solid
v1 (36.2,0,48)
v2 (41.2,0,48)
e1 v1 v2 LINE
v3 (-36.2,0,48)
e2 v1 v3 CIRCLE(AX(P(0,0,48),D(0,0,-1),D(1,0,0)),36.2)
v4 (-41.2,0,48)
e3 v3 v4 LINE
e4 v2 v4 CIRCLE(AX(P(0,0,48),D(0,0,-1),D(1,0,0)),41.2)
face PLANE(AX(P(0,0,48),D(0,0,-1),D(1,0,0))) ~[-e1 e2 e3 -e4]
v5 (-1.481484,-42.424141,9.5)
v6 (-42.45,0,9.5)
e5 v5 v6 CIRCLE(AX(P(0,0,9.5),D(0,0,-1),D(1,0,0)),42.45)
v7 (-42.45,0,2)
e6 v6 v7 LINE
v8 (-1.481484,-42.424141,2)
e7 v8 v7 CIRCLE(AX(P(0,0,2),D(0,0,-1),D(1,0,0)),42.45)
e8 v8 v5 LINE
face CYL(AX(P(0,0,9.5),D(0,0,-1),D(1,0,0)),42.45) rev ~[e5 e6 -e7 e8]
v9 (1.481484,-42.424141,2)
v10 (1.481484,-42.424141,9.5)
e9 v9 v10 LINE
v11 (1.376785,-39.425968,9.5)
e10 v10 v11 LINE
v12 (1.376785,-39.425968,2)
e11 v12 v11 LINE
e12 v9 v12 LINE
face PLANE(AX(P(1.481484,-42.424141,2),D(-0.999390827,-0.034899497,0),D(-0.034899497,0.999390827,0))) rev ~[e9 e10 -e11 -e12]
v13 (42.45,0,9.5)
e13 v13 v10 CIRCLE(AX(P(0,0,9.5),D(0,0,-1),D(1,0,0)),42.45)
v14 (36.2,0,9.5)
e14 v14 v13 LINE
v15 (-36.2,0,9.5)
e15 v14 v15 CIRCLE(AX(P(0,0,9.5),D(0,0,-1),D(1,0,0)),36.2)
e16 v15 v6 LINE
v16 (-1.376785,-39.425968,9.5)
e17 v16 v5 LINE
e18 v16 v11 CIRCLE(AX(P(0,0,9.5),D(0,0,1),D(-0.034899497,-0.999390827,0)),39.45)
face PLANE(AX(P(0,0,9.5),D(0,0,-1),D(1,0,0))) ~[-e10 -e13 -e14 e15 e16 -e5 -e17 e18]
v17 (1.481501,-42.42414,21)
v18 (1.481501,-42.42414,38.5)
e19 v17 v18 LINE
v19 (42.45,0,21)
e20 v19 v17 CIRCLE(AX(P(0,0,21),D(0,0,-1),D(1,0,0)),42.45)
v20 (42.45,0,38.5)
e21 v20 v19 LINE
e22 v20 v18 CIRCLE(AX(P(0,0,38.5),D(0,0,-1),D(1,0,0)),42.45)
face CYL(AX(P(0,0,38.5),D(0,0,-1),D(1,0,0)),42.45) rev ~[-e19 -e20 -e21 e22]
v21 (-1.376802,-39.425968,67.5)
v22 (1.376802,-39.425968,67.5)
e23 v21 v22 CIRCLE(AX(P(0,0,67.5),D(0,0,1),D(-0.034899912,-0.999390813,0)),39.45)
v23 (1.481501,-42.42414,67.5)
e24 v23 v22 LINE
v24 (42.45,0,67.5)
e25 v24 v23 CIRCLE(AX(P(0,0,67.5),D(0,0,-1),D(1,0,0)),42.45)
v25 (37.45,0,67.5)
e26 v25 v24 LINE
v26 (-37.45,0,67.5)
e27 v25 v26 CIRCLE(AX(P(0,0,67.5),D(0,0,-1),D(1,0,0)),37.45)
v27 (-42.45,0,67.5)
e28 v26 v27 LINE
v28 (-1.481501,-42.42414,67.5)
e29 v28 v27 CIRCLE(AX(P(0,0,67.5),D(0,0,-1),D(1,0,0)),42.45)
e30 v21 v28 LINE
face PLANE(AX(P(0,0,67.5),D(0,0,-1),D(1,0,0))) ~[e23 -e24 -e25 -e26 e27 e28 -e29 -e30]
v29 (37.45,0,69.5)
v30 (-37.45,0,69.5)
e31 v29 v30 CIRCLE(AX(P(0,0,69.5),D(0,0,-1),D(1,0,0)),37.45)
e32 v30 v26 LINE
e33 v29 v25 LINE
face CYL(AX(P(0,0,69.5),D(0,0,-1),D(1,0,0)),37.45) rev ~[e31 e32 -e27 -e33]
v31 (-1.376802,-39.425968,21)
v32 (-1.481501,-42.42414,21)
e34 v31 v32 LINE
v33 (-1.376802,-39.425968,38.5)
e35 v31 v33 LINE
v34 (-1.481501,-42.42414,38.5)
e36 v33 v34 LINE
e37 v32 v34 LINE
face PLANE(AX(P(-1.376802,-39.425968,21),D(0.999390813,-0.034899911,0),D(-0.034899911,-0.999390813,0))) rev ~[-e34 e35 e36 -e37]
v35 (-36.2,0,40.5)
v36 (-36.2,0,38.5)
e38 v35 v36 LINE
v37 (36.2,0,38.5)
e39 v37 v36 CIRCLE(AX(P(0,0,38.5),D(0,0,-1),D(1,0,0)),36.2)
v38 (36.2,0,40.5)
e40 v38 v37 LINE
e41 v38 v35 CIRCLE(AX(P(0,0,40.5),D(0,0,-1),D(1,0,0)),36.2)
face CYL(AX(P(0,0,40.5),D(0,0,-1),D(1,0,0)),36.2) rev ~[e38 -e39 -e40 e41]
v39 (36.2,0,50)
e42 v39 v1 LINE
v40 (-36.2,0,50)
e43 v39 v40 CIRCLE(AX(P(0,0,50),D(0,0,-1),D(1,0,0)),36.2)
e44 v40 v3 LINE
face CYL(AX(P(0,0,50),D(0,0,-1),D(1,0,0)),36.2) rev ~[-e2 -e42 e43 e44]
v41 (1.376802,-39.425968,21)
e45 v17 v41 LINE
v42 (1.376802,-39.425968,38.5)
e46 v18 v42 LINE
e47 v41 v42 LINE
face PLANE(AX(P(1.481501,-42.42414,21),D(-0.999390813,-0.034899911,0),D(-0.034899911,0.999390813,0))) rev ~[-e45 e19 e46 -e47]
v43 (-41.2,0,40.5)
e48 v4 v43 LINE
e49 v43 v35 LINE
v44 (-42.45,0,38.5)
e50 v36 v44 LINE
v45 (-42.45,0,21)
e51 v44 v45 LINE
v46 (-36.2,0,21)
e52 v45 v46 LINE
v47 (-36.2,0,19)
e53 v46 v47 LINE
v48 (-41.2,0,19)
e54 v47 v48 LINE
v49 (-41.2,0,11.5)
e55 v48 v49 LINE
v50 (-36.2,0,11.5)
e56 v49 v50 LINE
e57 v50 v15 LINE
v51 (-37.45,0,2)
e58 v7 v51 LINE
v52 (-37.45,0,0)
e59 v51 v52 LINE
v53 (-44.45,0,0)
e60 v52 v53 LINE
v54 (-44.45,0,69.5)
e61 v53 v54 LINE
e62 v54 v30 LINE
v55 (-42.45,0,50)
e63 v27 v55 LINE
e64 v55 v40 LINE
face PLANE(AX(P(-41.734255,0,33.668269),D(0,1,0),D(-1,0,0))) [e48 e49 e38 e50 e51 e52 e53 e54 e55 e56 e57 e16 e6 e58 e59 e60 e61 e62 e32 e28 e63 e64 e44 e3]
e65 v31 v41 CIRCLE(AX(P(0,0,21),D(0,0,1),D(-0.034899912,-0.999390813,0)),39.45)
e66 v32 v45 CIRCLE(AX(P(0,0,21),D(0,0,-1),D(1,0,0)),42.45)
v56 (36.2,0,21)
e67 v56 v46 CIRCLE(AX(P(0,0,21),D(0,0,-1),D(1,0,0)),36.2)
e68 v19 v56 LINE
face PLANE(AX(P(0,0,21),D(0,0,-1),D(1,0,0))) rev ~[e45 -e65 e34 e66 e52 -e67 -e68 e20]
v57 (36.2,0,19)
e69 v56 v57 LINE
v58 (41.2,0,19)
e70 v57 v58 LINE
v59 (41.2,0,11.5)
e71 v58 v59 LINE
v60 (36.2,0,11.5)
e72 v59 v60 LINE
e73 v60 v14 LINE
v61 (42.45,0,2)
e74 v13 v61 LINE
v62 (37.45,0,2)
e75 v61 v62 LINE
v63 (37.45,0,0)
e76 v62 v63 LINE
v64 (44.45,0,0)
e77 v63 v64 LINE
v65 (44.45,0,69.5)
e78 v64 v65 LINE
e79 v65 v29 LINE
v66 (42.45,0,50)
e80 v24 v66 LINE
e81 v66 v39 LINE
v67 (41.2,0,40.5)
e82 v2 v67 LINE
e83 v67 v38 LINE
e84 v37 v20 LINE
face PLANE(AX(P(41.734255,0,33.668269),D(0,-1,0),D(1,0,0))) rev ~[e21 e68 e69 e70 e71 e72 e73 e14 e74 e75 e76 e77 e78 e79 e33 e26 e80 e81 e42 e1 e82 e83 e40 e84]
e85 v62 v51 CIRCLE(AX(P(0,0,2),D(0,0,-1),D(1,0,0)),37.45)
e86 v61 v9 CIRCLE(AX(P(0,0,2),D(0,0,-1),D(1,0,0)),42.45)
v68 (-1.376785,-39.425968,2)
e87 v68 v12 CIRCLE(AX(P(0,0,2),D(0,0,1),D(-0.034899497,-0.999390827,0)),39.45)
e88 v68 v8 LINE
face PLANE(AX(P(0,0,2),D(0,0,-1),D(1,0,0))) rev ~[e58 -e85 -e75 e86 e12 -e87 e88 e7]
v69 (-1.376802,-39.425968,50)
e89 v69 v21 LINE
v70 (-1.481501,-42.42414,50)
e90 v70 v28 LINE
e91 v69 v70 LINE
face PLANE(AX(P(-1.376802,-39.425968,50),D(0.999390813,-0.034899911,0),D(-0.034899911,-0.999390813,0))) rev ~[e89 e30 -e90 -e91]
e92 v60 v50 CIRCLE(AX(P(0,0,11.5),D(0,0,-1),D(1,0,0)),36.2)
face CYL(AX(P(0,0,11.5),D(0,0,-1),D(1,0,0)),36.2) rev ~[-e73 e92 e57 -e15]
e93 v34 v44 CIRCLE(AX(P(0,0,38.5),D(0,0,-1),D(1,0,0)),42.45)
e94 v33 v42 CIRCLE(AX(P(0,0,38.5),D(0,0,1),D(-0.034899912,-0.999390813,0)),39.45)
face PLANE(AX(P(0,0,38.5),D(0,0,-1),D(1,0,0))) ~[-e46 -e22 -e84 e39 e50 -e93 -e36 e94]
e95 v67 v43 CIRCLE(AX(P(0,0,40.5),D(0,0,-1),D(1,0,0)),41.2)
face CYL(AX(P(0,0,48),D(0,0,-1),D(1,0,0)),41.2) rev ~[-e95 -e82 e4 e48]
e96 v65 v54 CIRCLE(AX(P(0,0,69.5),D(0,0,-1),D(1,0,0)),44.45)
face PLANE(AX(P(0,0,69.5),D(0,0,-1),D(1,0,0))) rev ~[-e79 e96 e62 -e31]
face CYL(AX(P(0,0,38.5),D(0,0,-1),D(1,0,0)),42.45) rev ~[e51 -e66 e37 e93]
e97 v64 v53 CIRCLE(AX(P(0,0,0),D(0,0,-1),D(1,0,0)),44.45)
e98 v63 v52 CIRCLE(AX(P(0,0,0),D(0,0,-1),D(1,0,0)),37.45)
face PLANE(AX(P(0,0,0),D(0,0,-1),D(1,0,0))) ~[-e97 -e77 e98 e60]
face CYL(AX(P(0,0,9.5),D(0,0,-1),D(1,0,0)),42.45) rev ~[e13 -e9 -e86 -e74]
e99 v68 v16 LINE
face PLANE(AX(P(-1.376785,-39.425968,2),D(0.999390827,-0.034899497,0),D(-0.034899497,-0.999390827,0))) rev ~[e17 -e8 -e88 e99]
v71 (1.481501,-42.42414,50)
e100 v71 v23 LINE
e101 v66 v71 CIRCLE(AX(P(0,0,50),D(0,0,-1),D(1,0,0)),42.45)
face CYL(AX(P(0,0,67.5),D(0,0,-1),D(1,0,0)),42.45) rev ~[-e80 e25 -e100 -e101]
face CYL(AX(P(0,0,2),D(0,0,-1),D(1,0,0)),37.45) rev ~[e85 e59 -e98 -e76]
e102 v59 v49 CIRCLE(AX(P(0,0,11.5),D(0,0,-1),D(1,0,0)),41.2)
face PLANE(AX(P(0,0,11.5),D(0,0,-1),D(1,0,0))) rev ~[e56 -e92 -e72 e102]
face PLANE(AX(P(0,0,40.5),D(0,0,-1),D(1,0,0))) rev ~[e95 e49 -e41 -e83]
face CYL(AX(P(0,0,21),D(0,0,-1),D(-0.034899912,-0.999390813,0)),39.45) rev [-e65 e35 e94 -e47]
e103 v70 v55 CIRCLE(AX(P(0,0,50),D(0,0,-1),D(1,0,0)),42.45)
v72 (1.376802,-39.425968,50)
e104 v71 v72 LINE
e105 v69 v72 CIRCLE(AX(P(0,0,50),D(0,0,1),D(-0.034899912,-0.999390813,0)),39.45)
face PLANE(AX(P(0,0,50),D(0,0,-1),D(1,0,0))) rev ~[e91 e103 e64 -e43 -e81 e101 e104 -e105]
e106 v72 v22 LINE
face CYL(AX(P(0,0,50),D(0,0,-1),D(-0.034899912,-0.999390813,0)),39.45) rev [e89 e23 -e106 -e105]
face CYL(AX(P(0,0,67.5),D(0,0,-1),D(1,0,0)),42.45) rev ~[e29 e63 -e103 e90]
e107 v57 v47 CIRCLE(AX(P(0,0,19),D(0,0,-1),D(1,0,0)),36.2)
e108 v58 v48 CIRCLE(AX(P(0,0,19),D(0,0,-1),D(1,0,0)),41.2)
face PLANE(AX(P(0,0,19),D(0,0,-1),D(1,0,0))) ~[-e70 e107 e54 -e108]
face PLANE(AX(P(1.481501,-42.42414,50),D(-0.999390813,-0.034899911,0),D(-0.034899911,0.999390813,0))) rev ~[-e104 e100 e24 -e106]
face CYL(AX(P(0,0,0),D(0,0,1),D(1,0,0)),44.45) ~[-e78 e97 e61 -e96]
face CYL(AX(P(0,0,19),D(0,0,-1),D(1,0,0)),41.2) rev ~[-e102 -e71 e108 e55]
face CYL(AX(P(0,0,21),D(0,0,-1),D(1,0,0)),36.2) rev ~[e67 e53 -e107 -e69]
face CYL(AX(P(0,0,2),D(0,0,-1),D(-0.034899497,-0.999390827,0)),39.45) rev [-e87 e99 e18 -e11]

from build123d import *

# Parameters (mm, degrees)
REVOLUTION_ANGLE = -180
PAD_DEPTH        = 7.5
PAD001_DEPTH     = 17.5
PAD002_DEPTH     = 17.5


with BuildPart() as part:
    # Sketch → Revolution (revolve)
    with BuildSketch(Plane.XZ):
        Polygon((37.45, 69.5), (37.45, 67.5), (42.45, 67.5), (42.45, 50.0000000001), (36.2, 50.0000000001), (36.2, 48.0000000001), (41.2, 48.0000000001), (41.2, 40.5000000001), (36.2, 40.5000000001), (36.2, 38.5000000001), (42.45, 38.5000000001), (42.45, 21.0000000001), (36.2, 21.0000000001), (36.2, 19.0000000001), (41.2, 19.0000000001), (41.2, 11.5000000001), (36.2, 11.5000000001), (36.2, 9.5000000001), (42.45, 9.5000000001), (42.45, 2.0000000001), (37.45, 2.0000000001), (37.45, 0), (44.45, 0), (44.45, 69.5), align=None)
    revolve(axis=Axis((0, 0, 0), (0, 0, 1)), revolution_arc=REVOLUTION_ANGLE)

    # Sketch001 (on DatumPlane) → Pad (new body)
    with BuildSketch(Plane.XY.offset(2)):
        with BuildLine():
            ThreePointArc((-1.481483635, -42.424140607), (0, -42.45), (1.481483635, -42.424140607))
            Line((1.481483635, -42.424140607), (1.3767851449, -39.4259681259))
            ThreePointArc((-1.3767851449, -39.4259681259), (0, -39.45), (1.3767851449, -39.4259681259))
            Line((-1.3767851449, -39.4259681259), (-1.481483635, -42.424140607))
        make_face()
    extrude(amount=PAD_DEPTH)

    # Sketch002 (on DatumPlane) → Pad001 (join)
    with BuildSketch(Plane.XY.offset(21)):
        with BuildLine():
            ThreePointArc((-1.4815012393, -42.4241399922), (0, -42.45), (1.4815012393, -42.4241399922))
            Line((1.4815012393, -42.4241399922), (1.3768015051, -39.4259675545))
            ThreePointArc((-1.3768015051, -39.4259675545), (0, -39.45), (1.3768015051, -39.4259675545))
            Line((-1.3768015051, -39.4259675545), (-1.4815012393, -42.4241399922))
        make_face()
    extrude(amount=PAD001_DEPTH)

    # Sketch003 (on DatumPlane) → Pad002 (join)
    with BuildSketch(Plane.XY.offset(50)):
        with BuildLine():
            ThreePointArc((-1.4815012393, -42.4241399922), (0, -42.45), (1.4815012393, -42.4241399922))
            Line((1.4815012393, -42.4241399922), (1.3768015051, -39.4259675545))
            ThreePointArc((-1.3768015051, -39.4259675545), (0, -39.45), (1.3768015051, -39.4259675545))
            Line((-1.3768015051, -39.4259675545), (-1.4815012393, -42.4241399922))
        make_face()
    extrude(amount=PAD002_DEPTH)


solid = part.part
